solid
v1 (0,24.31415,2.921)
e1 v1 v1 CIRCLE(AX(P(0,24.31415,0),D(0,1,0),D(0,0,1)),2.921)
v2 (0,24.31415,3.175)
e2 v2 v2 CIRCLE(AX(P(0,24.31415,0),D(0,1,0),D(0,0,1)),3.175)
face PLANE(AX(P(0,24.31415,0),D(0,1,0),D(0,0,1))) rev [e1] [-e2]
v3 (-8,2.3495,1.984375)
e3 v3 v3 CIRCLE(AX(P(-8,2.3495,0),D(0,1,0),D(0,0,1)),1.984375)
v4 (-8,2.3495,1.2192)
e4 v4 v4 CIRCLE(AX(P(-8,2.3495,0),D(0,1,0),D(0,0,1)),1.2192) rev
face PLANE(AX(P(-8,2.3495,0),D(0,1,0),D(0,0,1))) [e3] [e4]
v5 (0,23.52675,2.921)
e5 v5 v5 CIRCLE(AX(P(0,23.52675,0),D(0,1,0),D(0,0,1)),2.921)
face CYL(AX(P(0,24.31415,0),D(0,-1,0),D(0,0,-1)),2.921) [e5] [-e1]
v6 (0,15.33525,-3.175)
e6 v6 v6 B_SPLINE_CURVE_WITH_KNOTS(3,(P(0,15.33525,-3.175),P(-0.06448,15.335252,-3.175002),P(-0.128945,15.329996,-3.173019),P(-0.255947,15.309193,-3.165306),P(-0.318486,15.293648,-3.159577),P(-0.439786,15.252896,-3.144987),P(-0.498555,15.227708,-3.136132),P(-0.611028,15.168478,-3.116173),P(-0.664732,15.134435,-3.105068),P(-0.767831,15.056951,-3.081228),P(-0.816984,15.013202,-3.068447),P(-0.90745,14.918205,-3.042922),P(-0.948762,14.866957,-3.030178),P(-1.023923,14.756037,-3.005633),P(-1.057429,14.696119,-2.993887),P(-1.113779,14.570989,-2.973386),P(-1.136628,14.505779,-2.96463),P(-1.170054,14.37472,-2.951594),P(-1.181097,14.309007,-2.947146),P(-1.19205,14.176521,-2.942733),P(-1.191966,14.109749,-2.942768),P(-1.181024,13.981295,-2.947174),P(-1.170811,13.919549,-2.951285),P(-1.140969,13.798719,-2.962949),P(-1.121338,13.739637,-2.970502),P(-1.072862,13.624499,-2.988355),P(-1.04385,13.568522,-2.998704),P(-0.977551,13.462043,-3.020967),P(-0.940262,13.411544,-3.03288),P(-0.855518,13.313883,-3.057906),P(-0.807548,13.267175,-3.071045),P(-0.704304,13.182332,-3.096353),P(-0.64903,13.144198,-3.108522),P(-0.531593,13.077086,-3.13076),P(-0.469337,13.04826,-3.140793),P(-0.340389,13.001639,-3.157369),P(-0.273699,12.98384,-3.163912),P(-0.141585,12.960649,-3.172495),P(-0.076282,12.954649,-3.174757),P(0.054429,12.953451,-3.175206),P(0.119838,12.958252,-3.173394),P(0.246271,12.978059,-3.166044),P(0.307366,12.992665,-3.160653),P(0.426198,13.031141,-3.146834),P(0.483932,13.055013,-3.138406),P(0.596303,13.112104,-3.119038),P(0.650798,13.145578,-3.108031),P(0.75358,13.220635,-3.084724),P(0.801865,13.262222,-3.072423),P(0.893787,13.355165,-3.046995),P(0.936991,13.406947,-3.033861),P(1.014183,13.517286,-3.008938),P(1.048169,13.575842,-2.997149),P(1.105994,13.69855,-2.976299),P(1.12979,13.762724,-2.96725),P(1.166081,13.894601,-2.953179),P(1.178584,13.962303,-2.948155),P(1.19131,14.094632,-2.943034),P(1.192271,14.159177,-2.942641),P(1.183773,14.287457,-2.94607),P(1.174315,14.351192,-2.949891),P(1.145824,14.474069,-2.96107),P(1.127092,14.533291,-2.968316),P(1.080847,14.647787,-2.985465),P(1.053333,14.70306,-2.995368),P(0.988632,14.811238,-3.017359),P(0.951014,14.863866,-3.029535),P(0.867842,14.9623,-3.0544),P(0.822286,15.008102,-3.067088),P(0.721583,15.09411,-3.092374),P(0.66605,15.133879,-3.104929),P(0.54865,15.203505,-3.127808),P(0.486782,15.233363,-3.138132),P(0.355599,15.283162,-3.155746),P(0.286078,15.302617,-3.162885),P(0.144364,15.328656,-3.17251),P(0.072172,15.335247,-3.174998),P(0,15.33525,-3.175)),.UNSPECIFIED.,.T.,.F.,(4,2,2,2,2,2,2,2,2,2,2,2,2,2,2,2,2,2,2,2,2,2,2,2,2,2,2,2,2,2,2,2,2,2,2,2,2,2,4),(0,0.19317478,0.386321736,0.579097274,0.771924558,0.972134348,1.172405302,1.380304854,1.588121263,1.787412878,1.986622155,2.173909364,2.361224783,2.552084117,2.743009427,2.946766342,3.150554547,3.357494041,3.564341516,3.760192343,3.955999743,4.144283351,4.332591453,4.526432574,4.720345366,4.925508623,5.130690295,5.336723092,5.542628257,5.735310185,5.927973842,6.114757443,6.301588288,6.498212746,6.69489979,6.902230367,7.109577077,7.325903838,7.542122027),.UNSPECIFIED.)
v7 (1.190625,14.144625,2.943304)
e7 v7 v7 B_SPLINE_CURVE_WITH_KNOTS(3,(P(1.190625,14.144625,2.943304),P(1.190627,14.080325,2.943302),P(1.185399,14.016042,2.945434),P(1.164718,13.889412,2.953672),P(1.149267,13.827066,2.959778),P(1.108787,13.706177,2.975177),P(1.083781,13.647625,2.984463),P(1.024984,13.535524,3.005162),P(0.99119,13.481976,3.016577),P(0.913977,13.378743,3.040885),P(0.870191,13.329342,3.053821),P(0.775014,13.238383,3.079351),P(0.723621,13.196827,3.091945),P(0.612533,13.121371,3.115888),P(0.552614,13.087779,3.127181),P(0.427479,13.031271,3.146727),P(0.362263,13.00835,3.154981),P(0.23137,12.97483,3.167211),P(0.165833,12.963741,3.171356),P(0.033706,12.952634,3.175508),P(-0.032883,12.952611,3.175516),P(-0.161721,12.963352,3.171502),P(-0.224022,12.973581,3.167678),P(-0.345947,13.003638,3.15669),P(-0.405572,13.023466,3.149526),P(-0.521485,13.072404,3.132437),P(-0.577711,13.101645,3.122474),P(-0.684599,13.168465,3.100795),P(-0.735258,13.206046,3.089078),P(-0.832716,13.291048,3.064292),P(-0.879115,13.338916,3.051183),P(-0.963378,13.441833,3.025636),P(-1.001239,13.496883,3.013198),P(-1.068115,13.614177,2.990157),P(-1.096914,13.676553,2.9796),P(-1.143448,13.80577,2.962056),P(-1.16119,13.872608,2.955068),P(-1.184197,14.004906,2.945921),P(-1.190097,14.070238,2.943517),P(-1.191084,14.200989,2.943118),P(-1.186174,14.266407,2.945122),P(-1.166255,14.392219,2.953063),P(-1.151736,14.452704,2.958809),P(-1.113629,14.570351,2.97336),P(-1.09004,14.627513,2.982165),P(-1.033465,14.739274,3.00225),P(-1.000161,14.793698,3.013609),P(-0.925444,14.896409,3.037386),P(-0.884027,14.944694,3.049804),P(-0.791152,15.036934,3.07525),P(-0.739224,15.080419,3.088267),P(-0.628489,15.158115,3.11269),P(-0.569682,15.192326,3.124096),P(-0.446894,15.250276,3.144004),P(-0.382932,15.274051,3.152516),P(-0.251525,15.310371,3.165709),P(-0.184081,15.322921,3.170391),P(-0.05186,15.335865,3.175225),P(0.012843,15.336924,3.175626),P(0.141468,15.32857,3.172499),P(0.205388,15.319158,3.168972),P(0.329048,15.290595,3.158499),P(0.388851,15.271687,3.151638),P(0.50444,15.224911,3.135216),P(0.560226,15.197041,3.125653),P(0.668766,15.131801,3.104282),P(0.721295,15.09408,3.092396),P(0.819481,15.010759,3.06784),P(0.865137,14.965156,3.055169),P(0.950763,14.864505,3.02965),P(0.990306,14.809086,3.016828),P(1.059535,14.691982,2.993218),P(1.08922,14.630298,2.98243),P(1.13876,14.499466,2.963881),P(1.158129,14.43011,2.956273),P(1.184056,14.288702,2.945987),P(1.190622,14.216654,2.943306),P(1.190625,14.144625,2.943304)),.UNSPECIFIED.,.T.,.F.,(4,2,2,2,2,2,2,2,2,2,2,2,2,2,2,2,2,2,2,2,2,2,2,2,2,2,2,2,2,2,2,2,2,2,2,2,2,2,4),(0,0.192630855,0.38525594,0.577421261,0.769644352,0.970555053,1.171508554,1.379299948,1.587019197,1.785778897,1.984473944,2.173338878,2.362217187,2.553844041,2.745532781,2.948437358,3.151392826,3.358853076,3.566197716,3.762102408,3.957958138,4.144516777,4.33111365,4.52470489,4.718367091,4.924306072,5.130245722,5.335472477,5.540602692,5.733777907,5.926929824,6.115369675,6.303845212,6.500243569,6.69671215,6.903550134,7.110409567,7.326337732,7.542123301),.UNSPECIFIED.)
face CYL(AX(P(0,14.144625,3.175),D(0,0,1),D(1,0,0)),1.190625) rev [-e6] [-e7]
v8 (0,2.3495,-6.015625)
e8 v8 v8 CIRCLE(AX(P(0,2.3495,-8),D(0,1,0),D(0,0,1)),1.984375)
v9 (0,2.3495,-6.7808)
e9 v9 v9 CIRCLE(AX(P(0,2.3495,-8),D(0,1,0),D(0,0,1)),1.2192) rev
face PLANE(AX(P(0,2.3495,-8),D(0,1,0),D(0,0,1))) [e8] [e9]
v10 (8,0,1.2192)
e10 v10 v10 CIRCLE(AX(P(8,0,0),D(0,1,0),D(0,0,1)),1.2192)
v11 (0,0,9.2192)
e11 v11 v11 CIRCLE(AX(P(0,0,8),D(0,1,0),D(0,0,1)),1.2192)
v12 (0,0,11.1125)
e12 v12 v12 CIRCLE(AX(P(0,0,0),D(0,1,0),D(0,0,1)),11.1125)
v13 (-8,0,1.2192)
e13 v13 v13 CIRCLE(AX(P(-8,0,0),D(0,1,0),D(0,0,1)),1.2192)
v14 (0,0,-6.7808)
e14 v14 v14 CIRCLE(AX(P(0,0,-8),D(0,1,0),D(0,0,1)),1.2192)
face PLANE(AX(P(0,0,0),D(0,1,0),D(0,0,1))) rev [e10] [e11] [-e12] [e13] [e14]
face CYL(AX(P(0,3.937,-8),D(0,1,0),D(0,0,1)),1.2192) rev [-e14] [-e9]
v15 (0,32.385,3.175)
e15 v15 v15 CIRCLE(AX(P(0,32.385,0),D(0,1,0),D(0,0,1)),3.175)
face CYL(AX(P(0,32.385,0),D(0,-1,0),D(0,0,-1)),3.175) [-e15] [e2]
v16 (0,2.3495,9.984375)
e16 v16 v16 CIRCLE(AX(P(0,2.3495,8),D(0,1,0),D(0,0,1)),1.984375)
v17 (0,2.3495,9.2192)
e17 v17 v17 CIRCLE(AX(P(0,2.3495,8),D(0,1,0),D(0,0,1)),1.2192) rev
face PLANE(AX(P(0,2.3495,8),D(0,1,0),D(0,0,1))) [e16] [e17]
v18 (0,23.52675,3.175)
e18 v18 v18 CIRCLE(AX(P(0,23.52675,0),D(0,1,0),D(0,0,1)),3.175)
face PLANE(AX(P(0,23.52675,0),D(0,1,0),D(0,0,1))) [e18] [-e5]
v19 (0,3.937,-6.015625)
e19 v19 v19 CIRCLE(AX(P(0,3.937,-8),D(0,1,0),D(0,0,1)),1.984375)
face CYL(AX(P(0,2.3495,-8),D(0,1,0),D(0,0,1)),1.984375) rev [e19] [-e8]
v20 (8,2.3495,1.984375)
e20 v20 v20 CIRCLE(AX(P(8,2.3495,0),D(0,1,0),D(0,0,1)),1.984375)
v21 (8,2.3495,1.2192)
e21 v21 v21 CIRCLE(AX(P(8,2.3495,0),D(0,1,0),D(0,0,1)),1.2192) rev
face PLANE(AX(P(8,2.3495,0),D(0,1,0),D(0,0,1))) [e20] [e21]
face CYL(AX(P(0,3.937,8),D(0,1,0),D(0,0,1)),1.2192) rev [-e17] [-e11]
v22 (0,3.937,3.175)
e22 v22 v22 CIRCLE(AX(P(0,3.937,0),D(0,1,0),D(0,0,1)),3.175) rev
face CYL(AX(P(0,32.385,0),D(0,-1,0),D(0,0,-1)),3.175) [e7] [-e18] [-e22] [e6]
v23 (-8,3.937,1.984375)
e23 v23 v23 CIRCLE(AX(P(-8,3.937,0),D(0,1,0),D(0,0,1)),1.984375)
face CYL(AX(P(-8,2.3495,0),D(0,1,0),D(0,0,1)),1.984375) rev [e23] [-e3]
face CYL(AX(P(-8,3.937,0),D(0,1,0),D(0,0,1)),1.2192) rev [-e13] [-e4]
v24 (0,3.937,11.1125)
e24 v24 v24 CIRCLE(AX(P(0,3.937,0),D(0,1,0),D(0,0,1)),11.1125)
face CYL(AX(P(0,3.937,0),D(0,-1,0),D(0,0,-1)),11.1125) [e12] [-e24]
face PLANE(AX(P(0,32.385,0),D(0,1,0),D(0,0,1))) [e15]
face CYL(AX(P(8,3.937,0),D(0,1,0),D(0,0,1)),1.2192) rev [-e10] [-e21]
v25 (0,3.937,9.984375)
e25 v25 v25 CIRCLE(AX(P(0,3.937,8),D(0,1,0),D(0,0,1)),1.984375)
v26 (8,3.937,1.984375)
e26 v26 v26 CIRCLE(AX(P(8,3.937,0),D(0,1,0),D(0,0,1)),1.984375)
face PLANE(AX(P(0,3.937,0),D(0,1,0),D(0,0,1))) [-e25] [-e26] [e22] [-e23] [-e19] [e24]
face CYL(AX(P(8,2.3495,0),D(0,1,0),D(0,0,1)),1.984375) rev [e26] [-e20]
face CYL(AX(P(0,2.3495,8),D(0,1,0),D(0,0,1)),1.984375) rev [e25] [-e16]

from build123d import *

# Parameters (mm, degrees)
SKETCH1_R                       = 11.1125
BOSS_EXTRUDE1_DEPTH             = 3.937
BOSS_EXTRUDE2_START             = -3.937
SKETCH2_R                       = 3.175
BOSS_EXTRUDE2_DEPTH             = 32.385
F_2_CLEARANCE_HOLE1_D           = 2.4384
SKETCH5_R                       = 1.984375
CUT_EXTRUDE1_DEPTH              = 1.5875
F_3_32_0_09375_DIAMETER_HOLE1_D = 2.38125
CUT_EXTRUDE2_START              = -8.85825
SKETCH9_R                       = 3.175
SKETCH9_R_2                     = 2.921
CUT_EXTRUDE2_DEPTH              = 0.7874


with BuildPart() as part:
    # Sketch1 → Boss-Extrude1 (new body)
    with BuildSketch(Plane(origin=(0, 0, 0), x_dir=(1, 0, 0), z_dir=(0, 1, 0))):
        Circle(SKETCH1_R)
    extrude(amount=BOSS_EXTRUDE1_DEPTH)

    # Sketch2 → Boss-Extrude2 (add)
    with BuildSketch(Plane(origin=(0, 3.937, 0), x_dir=(1, 0, 0), z_dir=(0, 1, 0)).offset(BOSS_EXTRUDE2_START)):
        Circle(SKETCH2_R)
    extrude(amount=BOSS_EXTRUDE2_DEPTH)

    # #2 Clearance Hole1 (through all)
    with Locations(Plane(origin=(0, 3.937, 0), x_dir=(1, 0, 0), z_dir=(0, 1, 0))):
        with Locations((0, -8), (0, 8), (-8, 0), (8, 0)):
            Hole(F_2_CLEARANCE_HOLE1_D / 2)

    # Sketch5 → Cut-Extrude1 (cut)
    with BuildSketch(Plane(origin=(0, 3.937, 0), x_dir=(1, 0, 0), z_dir=(0, 1, 0))):
        with Locations((0, -8)):
            Circle(SKETCH5_R)
        with Locations((8, 0)):
            Circle(SKETCH5_R)
        with Locations((0, 8)):
            Circle(SKETCH5_R)
        with Locations((-8, 0)):
            Circle(SKETCH5_R)
    extrude(amount=-CUT_EXTRUDE1_DEPTH, mode=Mode.SUBTRACT)

    # 3/32 (0.09375) Diameter Hole1 (through all)
    with Locations(Plane.XY.offset(3.175)):
        with Locations((0, 14.144625)):
            Hole(F_3_32_0_09375_DIAMETER_HOLE1_D / 2)

    # Sketch9 → Cut-Extrude2 (cut)
    with BuildSketch(Plane(origin=(0, 32.385, 0), x_dir=(1, 0, 0), z_dir=(0, 1, 0)).offset(CUT_EXTRUDE2_START)):
        Circle(SKETCH9_R)
        Circle(SKETCH9_R_2, mode=Mode.SUBTRACT)
    extrude(amount=CUT_EXTRUDE2_DEPTH, mode=Mode.SUBTRACT)


solid = part.part
